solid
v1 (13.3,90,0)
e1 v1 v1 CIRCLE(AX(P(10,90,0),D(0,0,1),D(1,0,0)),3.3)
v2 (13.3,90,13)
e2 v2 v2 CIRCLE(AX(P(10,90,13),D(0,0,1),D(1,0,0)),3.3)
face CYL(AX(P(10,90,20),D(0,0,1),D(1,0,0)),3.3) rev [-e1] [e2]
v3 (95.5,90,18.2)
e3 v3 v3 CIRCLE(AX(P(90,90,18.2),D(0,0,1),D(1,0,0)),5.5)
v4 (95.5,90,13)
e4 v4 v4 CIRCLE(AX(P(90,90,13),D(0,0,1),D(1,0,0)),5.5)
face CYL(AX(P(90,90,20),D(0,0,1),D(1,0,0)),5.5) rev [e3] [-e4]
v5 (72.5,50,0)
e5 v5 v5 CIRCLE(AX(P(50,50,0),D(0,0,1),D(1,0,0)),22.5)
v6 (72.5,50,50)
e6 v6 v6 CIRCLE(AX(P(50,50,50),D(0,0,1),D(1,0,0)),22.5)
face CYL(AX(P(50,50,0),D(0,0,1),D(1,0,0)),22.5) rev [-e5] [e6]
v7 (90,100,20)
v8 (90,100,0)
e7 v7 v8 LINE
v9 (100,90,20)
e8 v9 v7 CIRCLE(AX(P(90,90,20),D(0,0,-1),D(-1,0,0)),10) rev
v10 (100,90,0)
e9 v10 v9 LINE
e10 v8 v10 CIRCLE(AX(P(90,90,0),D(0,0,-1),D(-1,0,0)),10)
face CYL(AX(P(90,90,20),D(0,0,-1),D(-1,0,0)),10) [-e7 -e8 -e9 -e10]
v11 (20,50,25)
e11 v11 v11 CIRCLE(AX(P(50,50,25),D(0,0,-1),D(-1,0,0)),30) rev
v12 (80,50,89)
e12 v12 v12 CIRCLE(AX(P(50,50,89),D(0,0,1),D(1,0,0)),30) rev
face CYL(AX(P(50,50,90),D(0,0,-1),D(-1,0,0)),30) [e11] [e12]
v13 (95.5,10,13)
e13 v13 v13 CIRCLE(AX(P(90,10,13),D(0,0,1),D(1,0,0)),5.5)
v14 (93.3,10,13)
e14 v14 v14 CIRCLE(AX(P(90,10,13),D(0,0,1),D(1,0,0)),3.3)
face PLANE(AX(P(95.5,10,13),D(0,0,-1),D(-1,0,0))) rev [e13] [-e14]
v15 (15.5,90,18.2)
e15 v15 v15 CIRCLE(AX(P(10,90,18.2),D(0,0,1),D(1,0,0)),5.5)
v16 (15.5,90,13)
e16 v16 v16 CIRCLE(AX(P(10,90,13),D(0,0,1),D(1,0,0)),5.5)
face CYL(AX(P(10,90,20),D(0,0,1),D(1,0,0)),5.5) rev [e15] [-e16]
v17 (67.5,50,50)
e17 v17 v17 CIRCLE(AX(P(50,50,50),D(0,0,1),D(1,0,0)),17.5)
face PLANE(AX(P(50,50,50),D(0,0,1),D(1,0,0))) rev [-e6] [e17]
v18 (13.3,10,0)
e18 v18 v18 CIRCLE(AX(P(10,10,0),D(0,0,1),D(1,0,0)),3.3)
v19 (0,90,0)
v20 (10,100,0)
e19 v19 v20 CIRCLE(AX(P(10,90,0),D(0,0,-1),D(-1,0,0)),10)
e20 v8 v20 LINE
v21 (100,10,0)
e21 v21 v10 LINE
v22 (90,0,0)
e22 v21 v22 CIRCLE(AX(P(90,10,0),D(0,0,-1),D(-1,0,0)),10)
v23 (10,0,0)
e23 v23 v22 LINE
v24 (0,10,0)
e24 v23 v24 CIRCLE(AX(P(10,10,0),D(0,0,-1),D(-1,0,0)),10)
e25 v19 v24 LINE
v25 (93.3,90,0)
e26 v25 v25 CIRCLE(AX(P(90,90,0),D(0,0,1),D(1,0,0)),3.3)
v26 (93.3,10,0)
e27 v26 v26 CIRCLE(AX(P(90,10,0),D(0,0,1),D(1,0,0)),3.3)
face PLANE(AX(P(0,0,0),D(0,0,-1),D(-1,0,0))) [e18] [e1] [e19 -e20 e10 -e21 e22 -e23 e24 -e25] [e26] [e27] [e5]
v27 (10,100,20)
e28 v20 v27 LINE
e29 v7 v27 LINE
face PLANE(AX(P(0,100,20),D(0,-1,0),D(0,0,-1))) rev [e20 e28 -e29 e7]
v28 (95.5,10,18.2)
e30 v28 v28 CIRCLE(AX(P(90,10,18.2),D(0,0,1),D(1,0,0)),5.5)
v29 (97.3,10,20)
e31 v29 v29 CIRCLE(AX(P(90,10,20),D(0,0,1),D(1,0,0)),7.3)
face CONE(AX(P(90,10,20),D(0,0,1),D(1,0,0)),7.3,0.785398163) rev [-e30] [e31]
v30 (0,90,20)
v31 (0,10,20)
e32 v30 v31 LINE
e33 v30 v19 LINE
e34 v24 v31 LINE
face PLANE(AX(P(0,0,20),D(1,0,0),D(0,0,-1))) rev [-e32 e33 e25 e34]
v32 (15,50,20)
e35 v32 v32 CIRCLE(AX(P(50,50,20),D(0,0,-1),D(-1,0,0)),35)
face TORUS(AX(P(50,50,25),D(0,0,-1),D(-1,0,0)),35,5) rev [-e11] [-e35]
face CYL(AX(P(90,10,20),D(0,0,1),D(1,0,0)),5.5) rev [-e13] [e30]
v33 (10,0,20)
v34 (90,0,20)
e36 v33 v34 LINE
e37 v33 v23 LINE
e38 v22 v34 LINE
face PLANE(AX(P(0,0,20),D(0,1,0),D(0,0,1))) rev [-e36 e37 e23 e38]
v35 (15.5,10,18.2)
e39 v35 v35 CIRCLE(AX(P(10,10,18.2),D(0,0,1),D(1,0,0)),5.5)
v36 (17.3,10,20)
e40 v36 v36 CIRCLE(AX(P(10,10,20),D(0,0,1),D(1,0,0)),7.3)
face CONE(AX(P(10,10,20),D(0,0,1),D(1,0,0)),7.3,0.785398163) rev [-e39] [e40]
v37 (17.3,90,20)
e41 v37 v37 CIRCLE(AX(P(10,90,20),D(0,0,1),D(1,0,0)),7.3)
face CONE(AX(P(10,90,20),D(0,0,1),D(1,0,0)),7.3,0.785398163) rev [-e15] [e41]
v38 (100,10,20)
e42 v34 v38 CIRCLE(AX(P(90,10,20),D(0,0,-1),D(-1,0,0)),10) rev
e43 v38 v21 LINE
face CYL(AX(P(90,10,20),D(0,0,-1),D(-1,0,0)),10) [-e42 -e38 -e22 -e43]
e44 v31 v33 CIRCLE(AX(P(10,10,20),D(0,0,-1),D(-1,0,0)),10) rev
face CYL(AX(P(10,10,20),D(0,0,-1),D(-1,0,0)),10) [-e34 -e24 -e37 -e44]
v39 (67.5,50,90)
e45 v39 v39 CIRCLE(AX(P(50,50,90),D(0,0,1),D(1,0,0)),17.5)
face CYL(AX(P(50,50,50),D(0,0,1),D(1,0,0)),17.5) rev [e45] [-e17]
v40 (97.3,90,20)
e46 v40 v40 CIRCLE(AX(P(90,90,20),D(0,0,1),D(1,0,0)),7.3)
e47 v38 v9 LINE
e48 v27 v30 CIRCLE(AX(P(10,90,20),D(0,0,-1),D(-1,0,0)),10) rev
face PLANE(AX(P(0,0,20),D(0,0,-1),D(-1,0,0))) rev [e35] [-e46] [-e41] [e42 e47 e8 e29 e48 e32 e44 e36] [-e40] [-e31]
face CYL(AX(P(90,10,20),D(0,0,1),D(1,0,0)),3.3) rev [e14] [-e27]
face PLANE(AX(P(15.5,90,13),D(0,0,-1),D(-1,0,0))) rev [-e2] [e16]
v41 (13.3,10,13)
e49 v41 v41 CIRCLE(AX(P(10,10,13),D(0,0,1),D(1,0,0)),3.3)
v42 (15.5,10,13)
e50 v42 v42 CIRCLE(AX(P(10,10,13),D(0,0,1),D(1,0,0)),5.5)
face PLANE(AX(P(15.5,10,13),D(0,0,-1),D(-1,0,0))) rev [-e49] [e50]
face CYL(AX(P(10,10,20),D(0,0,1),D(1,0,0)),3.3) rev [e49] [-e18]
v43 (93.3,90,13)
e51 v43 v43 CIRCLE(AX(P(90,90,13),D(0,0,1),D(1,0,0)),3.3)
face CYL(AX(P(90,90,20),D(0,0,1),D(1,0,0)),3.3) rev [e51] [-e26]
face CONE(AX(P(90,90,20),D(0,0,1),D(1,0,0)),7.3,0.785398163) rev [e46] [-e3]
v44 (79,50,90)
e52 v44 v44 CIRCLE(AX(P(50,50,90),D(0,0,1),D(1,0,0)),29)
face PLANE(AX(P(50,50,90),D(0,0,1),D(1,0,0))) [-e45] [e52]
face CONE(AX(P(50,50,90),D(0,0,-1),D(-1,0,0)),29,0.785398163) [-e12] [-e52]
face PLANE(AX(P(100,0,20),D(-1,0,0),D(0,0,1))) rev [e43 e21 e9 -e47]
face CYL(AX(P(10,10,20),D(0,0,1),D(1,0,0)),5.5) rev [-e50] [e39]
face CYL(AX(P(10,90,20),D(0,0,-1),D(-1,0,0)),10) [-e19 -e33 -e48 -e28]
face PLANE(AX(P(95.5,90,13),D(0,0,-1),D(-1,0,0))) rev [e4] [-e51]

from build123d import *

# Parameters (mm, degrees)
SKETCH1_W                              = 100
SKETCH1_H                              = 100
BOSS_EXTRUDE1_DEPTH                    = 20
SKETCH2_R                              = 30
BOSS_EXTRUDE2_DEPTH                    = 70
FILLET1_R                              = 5
CHAMFER1_SIZE                          = 1
FILLET2_R                              = 10
CBORE_FOR_M6_HEX_HEAD_BOLT4_AT_2_COUNT = 2
CBORE_FOR_M6_HEX_HEAD_BOLT4_AT_2_PITCH = 80
CBORE_FOR_M6_HEX_HEAD_BOLT4_AT_3_COUNT = 2
CBORE_FOR_M6_HEX_HEAD_BOLT4_AT_3_PITCH = 113.13708499
CBORE_FOR_M6_HEX_HEAD_BOLT4_AT_4_COUNT = 2
CBORE_FOR_M6_HEX_HEAD_BOLT4_AT_4_PITCH = 80
SKETCH4_R                              = 17.5
CUT_EXTRUDE1_DEPTH                     = 40
SKETCH16_R                             = 22.5
CUT_EXTRUDE2_DEPTH                     = 50


with BuildPart() as part:
    # Sketch1 → Boss-Extrude1 (new body)
    with BuildSketch(Plane.XY):
        with Locations((50, 50)):
            Rectangle(SKETCH1_W, SKETCH1_H)
    extrude(amount=BOSS_EXTRUDE1_DEPTH)

    # Sketch2 → Boss-Extrude2 (add)
    with BuildSketch(Plane.XY.offset(20)):
        with Locations((50, 50)):
            Circle(SKETCH2_R)
    extrude(amount=BOSS_EXTRUDE2_DEPTH)

    # Fillet1
    fillet1_edges = [part.edges().sort_by_distance(p)[0] for p in [
        (20, 50, 20),
    ]]
    fillet(fillet1_edges, radius=FILLET1_R)

    # Chamfer1
    chamfer1_edges = [part.edges().sort_by_distance(p)[0] for p in [
        (20, 50, 90),
    ]]
    chamfer(chamfer1_edges, length=CHAMFER1_SIZE)

    # Fillet2
    fillet2_edges = [part.edges().sort_by_distance(p)[0] for p in [
        (0, 100, 10),
        (100, 100, 10),
        (100, 0, 10),
        (0, 0, 10),
    ]]
    fillet(fillet2_edges, radius=FILLET2_R)

    # Sketch15 → CBORE for M6 Hex Head Bolt4 (revolve, cut)
    with BuildSketch(Plane(origin=(10, 90, 20), x_dir=(0, -1, 0), z_dir=(1, 0, 0))):
        Polygon((0, 0), (0, 20), (3.3, 20), (3.3, 7), (5.5, 7), (5.5, 1.8), (7.3, 0), align=None)
    cbore_for_m6_hex_head_bolt4 = revolve(axis=Axis((10, 90, 26.35), (0, 0, -1)), mode=Mode.SUBTRACT)

    # CBORE for M6 Hex Head Bolt4 at 2: CBORE for M6 Hex Head Bolt4 ×2
    with Locations(*[(0, -i * CBORE_FOR_M6_HEX_HEAD_BOLT4_AT_2_PITCH, 0) for i in range(1, CBORE_FOR_M6_HEX_HEAD_BOLT4_AT_2_COUNT)]):
        add(cbore_for_m6_hex_head_bolt4, mode=Mode.SUBTRACT)

    # CBORE for M6 Hex Head Bolt4 at 3: CBORE for M6 Hex Head Bolt4 ×2
    with Locations(*[Vector(0.7071067811865476, -0.7071067811865475, 0) * (i * CBORE_FOR_M6_HEX_HEAD_BOLT4_AT_3_PITCH) for i in range(1, CBORE_FOR_M6_HEX_HEAD_BOLT4_AT_3_COUNT)]):
        add(cbore_for_m6_hex_head_bolt4, mode=Mode.SUBTRACT)

    # CBORE for M6 Hex Head Bolt4 at 4: CBORE for M6 Hex Head Bolt4 ×2
    with Locations(*[(i * CBORE_FOR_M6_HEX_HEAD_BOLT4_AT_4_PITCH, 0, 0) for i in range(1, CBORE_FOR_M6_HEX_HEAD_BOLT4_AT_4_COUNT)]):
        add(cbore_for_m6_hex_head_bolt4, mode=Mode.SUBTRACT)

    # Sketch4 → Cut-Extrude1 (cut)
    with BuildSketch(Plane.XY.offset(90)):
        with Locations((50, 50)):
            Circle(SKETCH4_R)
    extrude(amount=-CUT_EXTRUDE1_DEPTH, mode=Mode.SUBTRACT)

    # Sketch16 → Cut-Extrude2 (cut)
    with BuildSketch(Plane.XY.offset(50)):
        with Locations((50, 50)):
            Circle(SKETCH16_R)
    extrude(amount=-CUT_EXTRUDE2_DEPTH, mode=Mode.SUBTRACT)


solid = part.part
